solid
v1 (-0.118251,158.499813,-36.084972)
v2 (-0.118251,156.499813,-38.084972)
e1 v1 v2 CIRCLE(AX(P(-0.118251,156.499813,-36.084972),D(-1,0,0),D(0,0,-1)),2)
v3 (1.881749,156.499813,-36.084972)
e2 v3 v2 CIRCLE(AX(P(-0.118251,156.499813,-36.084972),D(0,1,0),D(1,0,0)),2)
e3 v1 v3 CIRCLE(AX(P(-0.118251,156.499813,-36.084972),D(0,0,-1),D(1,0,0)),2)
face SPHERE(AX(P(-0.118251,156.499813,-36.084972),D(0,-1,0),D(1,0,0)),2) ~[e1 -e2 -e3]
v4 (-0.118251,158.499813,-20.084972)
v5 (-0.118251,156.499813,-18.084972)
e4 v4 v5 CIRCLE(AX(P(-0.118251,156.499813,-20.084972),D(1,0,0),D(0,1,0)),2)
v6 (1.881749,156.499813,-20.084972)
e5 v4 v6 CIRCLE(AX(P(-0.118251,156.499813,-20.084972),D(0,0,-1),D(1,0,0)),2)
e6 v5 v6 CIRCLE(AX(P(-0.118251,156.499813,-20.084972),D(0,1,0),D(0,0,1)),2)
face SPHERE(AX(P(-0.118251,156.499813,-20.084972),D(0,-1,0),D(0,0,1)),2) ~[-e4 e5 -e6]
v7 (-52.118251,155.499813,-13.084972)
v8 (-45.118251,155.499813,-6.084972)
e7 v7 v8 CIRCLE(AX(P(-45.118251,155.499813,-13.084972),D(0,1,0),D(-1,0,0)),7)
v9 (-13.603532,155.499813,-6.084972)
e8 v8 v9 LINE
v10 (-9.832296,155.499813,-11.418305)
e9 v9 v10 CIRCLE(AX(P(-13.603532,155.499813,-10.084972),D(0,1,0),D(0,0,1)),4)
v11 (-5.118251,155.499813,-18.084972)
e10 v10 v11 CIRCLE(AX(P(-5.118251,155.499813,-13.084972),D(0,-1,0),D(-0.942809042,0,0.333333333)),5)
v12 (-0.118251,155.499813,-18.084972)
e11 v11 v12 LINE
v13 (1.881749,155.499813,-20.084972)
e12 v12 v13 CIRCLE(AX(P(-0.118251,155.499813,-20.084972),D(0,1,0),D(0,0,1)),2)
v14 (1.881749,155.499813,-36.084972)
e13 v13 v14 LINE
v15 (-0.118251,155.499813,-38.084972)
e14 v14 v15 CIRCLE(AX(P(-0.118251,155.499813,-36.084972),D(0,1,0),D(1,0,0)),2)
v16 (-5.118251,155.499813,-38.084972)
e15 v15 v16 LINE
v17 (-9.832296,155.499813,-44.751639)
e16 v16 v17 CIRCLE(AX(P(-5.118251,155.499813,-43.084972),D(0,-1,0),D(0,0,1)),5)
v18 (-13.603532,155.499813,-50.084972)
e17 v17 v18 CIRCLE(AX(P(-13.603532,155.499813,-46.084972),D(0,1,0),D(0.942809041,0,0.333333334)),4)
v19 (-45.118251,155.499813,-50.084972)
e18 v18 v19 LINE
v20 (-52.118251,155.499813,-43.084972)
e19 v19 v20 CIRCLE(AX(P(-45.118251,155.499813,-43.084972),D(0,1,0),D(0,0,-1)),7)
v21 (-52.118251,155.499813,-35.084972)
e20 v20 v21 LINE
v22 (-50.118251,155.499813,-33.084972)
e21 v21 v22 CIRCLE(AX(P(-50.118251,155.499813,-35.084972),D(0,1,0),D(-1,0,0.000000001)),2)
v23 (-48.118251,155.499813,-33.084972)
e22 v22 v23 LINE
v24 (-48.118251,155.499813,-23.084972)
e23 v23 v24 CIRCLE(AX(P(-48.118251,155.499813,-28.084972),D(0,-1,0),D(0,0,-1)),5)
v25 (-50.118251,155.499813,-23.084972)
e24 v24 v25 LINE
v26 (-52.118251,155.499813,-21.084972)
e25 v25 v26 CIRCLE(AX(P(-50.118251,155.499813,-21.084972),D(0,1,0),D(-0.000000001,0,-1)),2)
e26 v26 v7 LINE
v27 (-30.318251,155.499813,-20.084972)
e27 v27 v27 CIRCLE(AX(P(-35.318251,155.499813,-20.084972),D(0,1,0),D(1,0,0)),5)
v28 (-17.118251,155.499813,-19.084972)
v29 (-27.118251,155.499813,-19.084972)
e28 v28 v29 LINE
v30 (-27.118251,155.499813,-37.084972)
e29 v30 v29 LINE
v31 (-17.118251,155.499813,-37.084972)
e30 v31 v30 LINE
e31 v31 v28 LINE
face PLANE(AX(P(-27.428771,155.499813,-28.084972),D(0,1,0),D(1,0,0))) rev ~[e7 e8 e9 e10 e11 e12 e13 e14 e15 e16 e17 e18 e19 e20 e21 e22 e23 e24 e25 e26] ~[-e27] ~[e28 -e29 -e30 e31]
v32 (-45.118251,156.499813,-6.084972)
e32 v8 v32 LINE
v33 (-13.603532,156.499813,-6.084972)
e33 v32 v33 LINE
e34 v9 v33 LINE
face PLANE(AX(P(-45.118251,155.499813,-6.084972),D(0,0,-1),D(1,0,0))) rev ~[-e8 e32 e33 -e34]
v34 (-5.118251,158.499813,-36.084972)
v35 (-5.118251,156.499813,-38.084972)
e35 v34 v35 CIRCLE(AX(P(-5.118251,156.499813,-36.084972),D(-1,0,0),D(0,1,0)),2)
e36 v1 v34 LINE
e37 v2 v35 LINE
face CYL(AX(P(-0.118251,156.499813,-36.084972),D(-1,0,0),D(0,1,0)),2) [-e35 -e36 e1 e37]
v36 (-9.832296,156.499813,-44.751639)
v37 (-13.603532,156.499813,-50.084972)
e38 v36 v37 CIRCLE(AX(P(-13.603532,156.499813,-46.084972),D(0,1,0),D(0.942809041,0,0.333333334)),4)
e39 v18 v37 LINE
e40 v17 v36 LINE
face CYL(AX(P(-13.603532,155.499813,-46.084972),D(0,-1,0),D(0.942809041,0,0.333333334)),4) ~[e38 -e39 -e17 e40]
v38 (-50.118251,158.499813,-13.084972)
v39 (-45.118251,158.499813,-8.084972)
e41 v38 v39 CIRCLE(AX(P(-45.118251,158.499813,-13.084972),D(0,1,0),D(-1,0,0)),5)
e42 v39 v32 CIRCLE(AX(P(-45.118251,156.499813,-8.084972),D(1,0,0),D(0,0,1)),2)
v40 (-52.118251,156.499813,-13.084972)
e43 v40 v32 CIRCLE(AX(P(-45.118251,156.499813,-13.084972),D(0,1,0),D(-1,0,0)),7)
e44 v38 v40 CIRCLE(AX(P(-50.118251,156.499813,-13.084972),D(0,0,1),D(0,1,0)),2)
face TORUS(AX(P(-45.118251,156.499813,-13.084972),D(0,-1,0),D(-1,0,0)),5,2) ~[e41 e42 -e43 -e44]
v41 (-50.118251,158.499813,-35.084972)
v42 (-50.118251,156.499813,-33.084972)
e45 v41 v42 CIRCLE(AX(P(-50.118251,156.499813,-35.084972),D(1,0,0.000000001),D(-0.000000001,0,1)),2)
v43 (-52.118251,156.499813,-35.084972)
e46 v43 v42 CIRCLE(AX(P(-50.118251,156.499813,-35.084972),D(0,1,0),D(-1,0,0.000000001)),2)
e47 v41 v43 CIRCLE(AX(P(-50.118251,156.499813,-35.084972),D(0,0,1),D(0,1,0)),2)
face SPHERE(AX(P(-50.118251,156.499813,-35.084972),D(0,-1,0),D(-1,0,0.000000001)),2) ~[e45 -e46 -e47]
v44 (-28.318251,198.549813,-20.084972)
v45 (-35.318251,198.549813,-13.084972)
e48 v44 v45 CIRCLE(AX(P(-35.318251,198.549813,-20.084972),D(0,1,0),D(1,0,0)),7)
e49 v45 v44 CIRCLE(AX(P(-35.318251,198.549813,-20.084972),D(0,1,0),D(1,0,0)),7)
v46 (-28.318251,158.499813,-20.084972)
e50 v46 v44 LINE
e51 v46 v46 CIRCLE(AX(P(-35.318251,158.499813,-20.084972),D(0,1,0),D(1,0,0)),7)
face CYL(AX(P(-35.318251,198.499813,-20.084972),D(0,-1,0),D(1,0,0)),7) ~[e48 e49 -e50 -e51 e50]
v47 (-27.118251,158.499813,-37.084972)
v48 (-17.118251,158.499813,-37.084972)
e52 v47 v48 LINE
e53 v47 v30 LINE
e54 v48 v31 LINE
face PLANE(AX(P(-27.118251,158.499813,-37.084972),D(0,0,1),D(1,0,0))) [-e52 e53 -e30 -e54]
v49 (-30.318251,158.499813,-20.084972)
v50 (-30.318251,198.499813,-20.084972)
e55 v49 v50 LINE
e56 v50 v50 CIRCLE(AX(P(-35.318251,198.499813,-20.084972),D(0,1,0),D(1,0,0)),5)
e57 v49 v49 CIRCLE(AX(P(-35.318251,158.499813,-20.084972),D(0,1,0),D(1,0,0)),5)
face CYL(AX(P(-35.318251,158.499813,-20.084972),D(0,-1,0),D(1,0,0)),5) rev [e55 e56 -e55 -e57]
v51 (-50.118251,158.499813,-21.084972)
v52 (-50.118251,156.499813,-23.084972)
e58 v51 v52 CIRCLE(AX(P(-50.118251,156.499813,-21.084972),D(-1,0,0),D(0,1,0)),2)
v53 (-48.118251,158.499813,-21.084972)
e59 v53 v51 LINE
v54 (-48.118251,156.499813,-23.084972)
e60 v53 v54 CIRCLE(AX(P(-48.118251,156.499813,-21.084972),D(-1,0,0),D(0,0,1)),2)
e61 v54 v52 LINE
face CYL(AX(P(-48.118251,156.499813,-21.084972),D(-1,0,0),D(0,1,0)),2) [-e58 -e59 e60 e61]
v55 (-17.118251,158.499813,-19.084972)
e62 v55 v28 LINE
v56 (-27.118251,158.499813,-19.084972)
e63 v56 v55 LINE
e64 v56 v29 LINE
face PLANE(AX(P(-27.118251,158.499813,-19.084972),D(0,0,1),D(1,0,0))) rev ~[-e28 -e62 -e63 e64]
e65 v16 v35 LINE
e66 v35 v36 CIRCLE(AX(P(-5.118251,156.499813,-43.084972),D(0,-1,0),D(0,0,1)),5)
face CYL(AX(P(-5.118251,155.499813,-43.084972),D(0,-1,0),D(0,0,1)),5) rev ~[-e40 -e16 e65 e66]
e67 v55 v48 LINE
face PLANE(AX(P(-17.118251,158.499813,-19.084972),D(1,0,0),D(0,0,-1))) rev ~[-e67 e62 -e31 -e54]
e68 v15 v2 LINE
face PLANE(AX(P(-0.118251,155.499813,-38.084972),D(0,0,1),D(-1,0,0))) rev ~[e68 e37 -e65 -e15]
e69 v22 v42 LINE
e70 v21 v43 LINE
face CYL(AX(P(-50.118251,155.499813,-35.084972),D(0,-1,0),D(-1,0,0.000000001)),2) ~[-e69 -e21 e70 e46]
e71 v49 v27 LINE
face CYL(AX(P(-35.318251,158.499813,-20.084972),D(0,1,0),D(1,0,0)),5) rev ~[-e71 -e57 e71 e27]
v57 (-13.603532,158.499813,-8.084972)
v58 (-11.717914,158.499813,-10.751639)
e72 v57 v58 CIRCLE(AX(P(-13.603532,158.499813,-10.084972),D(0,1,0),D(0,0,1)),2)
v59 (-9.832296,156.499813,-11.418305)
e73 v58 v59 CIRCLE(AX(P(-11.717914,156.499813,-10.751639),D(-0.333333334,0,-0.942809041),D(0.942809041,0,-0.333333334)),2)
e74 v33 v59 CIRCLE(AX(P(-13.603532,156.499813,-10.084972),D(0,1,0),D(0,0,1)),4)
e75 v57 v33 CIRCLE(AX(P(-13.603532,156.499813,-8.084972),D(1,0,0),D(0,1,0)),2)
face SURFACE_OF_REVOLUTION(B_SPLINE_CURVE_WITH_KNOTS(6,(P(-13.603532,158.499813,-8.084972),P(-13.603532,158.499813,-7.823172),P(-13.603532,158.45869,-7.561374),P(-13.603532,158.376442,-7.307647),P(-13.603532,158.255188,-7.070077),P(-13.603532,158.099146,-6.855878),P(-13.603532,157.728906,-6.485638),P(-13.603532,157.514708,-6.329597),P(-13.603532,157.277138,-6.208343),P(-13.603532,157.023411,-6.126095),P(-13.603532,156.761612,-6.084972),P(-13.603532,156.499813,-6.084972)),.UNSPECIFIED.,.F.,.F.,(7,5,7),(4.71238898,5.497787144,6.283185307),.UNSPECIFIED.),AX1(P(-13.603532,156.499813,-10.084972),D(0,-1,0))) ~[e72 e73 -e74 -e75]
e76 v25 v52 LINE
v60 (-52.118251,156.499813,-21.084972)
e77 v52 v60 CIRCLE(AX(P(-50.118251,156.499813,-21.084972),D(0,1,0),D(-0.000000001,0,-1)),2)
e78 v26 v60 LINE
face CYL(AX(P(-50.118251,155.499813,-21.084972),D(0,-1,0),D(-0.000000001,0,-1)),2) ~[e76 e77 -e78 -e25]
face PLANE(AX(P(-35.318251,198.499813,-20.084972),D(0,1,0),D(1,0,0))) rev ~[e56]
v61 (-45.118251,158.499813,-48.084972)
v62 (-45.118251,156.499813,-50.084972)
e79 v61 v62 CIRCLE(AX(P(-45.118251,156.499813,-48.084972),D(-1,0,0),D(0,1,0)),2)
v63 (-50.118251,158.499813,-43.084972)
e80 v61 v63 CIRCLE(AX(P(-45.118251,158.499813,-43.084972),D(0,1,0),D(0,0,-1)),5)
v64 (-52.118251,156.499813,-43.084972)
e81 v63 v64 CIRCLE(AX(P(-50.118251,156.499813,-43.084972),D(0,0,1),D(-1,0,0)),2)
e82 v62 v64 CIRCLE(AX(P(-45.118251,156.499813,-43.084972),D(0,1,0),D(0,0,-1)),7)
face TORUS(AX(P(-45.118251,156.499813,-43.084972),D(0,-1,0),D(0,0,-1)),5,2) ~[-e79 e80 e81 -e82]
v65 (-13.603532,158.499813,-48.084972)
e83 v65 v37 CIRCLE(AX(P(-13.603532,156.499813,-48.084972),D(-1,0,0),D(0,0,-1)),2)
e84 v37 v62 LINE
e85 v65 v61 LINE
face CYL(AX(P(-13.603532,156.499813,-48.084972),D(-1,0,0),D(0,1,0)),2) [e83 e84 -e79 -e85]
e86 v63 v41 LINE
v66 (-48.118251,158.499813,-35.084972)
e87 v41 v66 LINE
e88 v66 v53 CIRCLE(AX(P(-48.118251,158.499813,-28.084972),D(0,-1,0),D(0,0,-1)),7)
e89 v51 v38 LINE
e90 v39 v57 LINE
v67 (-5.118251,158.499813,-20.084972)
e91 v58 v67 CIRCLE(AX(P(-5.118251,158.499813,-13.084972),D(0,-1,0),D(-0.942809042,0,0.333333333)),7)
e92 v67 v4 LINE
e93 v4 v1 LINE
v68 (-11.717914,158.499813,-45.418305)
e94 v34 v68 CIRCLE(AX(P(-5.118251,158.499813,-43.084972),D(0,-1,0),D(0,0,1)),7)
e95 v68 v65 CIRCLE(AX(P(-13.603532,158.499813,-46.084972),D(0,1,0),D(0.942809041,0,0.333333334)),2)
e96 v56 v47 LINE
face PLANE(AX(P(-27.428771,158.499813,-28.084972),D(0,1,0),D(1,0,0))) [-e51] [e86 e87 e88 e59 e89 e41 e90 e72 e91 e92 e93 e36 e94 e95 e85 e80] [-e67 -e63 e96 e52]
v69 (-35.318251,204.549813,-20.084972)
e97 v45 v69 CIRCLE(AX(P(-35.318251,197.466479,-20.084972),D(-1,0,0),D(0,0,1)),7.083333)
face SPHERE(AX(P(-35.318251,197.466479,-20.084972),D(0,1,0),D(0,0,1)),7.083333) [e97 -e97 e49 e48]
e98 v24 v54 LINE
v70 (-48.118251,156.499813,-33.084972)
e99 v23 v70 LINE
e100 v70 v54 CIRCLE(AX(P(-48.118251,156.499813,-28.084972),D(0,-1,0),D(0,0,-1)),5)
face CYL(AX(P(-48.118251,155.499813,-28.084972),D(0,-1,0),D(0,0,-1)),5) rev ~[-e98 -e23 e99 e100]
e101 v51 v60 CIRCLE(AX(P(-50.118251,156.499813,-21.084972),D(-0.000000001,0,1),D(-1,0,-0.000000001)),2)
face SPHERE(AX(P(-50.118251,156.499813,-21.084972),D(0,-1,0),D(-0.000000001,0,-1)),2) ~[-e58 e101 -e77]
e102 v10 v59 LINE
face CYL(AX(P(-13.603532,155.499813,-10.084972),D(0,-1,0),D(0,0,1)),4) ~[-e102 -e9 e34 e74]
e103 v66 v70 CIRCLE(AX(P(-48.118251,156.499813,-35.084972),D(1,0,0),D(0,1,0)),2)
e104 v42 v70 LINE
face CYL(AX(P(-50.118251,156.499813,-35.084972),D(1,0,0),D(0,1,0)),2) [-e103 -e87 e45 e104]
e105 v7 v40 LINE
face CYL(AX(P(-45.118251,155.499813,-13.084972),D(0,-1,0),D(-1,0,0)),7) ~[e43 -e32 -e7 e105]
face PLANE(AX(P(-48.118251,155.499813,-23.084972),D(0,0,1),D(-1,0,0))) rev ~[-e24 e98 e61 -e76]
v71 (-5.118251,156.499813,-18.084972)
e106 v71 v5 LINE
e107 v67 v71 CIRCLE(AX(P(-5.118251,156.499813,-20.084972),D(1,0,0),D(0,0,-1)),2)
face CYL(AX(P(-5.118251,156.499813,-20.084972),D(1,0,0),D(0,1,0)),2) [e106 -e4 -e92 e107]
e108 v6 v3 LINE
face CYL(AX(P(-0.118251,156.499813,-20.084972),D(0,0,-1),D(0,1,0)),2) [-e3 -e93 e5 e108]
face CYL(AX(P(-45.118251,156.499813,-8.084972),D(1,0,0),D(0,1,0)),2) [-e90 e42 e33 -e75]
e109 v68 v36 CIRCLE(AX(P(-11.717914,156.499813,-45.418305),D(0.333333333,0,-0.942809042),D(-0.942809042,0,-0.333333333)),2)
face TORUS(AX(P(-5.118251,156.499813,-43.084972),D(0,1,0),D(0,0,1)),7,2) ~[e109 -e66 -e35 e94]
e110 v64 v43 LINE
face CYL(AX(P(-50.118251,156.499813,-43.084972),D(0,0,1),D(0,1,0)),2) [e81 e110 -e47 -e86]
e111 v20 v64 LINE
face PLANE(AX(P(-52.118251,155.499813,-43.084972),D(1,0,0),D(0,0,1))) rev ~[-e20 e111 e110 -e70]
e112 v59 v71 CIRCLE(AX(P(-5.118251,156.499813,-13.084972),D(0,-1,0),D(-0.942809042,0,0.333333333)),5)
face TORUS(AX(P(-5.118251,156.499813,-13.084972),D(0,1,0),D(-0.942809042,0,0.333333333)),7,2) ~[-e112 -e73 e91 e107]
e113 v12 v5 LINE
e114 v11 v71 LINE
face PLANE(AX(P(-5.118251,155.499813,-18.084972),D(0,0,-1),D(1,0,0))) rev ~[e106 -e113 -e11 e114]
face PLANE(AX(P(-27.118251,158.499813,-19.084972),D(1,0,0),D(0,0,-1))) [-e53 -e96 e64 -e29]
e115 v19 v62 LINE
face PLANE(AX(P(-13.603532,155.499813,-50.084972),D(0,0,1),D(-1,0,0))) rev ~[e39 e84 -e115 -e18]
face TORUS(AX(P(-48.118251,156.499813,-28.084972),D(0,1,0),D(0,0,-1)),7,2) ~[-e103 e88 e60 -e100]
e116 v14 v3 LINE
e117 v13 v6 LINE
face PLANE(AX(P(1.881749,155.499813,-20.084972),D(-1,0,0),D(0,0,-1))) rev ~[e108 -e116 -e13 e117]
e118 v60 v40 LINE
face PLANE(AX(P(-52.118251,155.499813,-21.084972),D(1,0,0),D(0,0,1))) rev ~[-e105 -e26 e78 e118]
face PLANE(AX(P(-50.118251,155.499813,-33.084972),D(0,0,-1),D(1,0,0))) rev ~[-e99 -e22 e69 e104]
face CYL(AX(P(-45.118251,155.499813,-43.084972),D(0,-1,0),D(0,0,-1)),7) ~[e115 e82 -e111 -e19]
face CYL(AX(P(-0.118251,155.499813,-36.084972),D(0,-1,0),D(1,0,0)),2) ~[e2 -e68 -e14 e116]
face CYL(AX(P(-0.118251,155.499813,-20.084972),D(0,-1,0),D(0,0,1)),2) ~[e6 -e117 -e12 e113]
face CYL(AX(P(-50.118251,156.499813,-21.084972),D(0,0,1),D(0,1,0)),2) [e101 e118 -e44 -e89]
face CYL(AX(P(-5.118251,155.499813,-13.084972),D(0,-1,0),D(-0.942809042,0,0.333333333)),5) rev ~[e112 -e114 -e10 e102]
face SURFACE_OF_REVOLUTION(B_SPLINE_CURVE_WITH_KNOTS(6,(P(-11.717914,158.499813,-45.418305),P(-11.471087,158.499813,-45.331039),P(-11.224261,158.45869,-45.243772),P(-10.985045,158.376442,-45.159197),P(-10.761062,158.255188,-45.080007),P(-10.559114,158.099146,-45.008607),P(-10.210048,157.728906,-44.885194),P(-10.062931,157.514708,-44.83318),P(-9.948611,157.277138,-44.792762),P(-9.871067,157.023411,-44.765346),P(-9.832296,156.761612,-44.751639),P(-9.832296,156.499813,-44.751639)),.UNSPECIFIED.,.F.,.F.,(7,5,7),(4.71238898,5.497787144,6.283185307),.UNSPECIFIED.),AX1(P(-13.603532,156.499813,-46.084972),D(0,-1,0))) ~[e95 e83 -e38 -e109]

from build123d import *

# Parameters (mm, degrees)
SALIENTE_EXTRUIR1_DEPTH = 3
CORTAR_EXTRUIR1_REACH   = 5
CROQUIS2_W              = 10
CROQUIS2_H              = 18
CORTAR_EXTRUIR2_REACH   = 5
CROQUIS3_R              = 5
CROQUIS4_R              = 7
CROQUIS4_R_2            = 5
SALIENTE_EXTRUIR2_DEPTH = 40
CROQUIS5_R              = 7
SALIENTE_EXTRUIR3_DEPTH = 0.05
C_PULA1_FACE_RADIUS     = 7
C_PULA1_HEIGHT          = 6
REDONDEO1_R             = 2


with BuildPart() as part:
    # Croquis1 → Saliente-Extruir1 (new body)
    with BuildSketch(Plane(origin=(0, 155.4998128, 0), x_dir=(1, 0, 0), z_dir=(0, 1, 0))):
        with BuildLine():
            Line((1.881749032, 20.084971867), (1.881749032, 36.084971867))
            ThreePointArc((1.881749032, 36.084971867), (1.295962595, 37.499185429), (-0.118250968, 38.084971867))
            Line((-0.118250968, 38.084971867), (-5.118250968, 38.084971867))
            ThreePointArc((-5.118250968, 38.084971867), (-9.200733872, 40.198220521), (-9.832296176, 44.751638534))
            ThreePointArc((-9.832296176, 44.751638534), (-10.337546018, 48.394372944), (-13.603532342, 50.084971867))
            Line((-13.603532342, 50.084971867), (-45.118250968, 50.084971867))
            ThreePointArc((-45.118250968, 50.084971867), (-50.067998436, 48.034719335), (-52.118250968, 43.084971867))
            Line((-52.118250968, 43.084971867), (-52.118250968, 35.084971867))
            ThreePointArc((-52.118250968, 35.084971867), (-51.53246453, 33.670758305), (-50.118250968, 33.084971867))
            Line((-50.118250968, 33.084971867), (-48.118250968, 33.084971867))
            ThreePointArc((-48.118250968, 33.084971867), (-43.118250968, 28.084971867), (-48.118250968, 23.084971867))
            Line((-48.118250968, 23.084971867), (-50.118250968, 23.084971867))
            ThreePointArc((-50.118250968, 23.084971867), (-51.53246453, 22.499185429), (-52.118250968, 21.084971867))
            Line((-52.118250968, 21.084971867), (-52.118250968, 13.084971867))
            ThreePointArc((-52.118250968, 13.084971867), (-50.067998436, 8.135224399), (-45.118250968, 6.084971867))
            Line((-45.118250968, 6.084971867), (-13.603532342, 6.084971867))
            ThreePointArc((-13.603532342, 6.084971867), (-10.337546018, 7.77557079), (-9.832296176, 11.4183052))
            ThreePointArc((-9.832296176, 11.4183052), (-9.200733872, 15.971723213), (-5.118250968, 18.084971867))
            Line((-5.118250968, 18.084971867), (-0.118250968, 18.084971867))
            ThreePointArc((-0.118250968, 18.084971867), (1.295962595, 18.670758305), (1.881749032, 20.084971867))
        make_face()
    extrude(amount=SALIENTE_EXTRUIR1_DEPTH)

    # Croquis2 → Cortar-Extruir1 (cut, up to next)
    with BuildSketch(Plane(origin=(0, 158.4998128, 0), x_dir=(1, 0, 0), z_dir=(0, 1, 0)), mode=Mode.PRIVATE) as cortar_extruir1_sk1:
        with Locations((-22.118250968, 28.084971867)):
            Rectangle(CROQUIS2_W, CROQUIS2_H)
    cortar_extruir1_tool1 = extrude(cortar_extruir1_sk1.sketch, amount=-CORTAR_EXTRUIR1_REACH, mode=Mode.PRIVATE) & part.part
    add(cortar_extruir1_tool1.solids().sort_by_distance((-22.118251, 158.499813, -28.084972))[0], mode=Mode.SUBTRACT)

    # Croquis3 → Cortar-Extruir2 (cut, up to next)
    with BuildSketch(Plane(origin=(0, 158.4998128, 0), x_dir=(1, 0, 0), z_dir=(0, 1, 0)), mode=Mode.PRIVATE) as cortar_extruir2_sk1:
        with Locations((-35.318250968, 20.084971867)):
            Circle(CROQUIS3_R)
    cortar_extruir2_tool1 = extrude(cortar_extruir2_sk1.sketch, amount=-CORTAR_EXTRUIR2_REACH, mode=Mode.PRIVATE) & part.part
    add(cortar_extruir2_tool1.solids().sort_by_distance((-35.318251, 158.499813, -20.084972))[0], mode=Mode.SUBTRACT)

    # Croquis4 → Saliente-Extruir2 (add)
    with BuildSketch(Plane(origin=(0, 158.4998128, 0), x_dir=(1, 0, 0), z_dir=(0, 1, 0))):
        with Locations((-35.318250968, 20.084971867)):
            Circle(CROQUIS4_R)
        with Locations((-35.318250968, 20.084971867)):
            Circle(CROQUIS4_R_2, mode=Mode.SUBTRACT)
    extrude(amount=SALIENTE_EXTRUIR2_DEPTH)

    # Croquis5 → Saliente-Extruir3 (add)
    with BuildSketch(Plane(origin=(0, 198.4998128, 0), x_dir=(1, 0, 0), z_dir=(0, 1, 0))):
        with Locations((-35.318250968, 20.084971867)):
            Circle(CROQUIS5_R)
    extrude(amount=SALIENTE_EXTRUIR3_DEPTH)

    # Cúpula1: a dome of height H over a round flat face of radius A is a cap of a sphere of radius (A * A + H * H) / (2 * H)
    c_pula1_r = (C_PULA1_FACE_RADIUS * C_PULA1_FACE_RADIUS + C_PULA1_HEIGHT * C_PULA1_HEIGHT) / (2 * C_PULA1_HEIGHT)
    c_pula1_base = Plane((-35.318250968, 198.5498128, -20.084971867), z_dir=(0, 1, 0))
    with Locations(c_pula1_base.offset(C_PULA1_HEIGHT - c_pula1_r)):
        c_pula1_ball = Sphere(c_pula1_r, mode=Mode.PRIVATE)
    add(split(c_pula1_ball, bisect_by=c_pula1_base, keep=Keep.TOP, mode=Mode.PRIVATE))

    # Redondeo1
    redondeo1_edges = [part.edges().sort_by_distance(p)[0] for p in [
        (1.295962595, 158.4998128, -37.499185429),
        (-2.618250968, 158.4998128, -38.084971867),
        (-9.200733872, 158.4998128, -40.198220521),
        (-10.337546018, 158.4998128, -48.394372944),
        (-29.360891655, 158.4998128, -50.084971867),
        (-50.067998436, 158.4998128, -48.034719335),
        (-52.118250968, 158.4998128, -39.084971867),
        (-51.53246453, 158.4998128, -33.670758305),
        (-49.118250968, 158.4998128, -33.084971867),
        (-43.118250968, 158.4998128, -28.084971867),
        (1.295962595, 158.4998128, -18.670758305),
        (-49.118250968, 158.4998128, -23.084971867),
        (-51.53246453, 158.4998128, -22.499185429),
        (-52.118250968, 158.4998128, -17.084971867),
        (-50.067998436, 158.4998128, -8.135224399),
        (-29.360891655, 158.4998128, -6.084971867),
        (-10.337546018, 158.4998128, -7.77557079),
        (-9.200733872, 158.4998128, -15.971723213),
        (-2.618250968, 158.4998128, -18.084971867),
        (1.881749032, 158.4998128, -28.084971867),
    ]]
    fillet(redondeo1_edges, radius=REDONDEO1_R)


solid = part.part
